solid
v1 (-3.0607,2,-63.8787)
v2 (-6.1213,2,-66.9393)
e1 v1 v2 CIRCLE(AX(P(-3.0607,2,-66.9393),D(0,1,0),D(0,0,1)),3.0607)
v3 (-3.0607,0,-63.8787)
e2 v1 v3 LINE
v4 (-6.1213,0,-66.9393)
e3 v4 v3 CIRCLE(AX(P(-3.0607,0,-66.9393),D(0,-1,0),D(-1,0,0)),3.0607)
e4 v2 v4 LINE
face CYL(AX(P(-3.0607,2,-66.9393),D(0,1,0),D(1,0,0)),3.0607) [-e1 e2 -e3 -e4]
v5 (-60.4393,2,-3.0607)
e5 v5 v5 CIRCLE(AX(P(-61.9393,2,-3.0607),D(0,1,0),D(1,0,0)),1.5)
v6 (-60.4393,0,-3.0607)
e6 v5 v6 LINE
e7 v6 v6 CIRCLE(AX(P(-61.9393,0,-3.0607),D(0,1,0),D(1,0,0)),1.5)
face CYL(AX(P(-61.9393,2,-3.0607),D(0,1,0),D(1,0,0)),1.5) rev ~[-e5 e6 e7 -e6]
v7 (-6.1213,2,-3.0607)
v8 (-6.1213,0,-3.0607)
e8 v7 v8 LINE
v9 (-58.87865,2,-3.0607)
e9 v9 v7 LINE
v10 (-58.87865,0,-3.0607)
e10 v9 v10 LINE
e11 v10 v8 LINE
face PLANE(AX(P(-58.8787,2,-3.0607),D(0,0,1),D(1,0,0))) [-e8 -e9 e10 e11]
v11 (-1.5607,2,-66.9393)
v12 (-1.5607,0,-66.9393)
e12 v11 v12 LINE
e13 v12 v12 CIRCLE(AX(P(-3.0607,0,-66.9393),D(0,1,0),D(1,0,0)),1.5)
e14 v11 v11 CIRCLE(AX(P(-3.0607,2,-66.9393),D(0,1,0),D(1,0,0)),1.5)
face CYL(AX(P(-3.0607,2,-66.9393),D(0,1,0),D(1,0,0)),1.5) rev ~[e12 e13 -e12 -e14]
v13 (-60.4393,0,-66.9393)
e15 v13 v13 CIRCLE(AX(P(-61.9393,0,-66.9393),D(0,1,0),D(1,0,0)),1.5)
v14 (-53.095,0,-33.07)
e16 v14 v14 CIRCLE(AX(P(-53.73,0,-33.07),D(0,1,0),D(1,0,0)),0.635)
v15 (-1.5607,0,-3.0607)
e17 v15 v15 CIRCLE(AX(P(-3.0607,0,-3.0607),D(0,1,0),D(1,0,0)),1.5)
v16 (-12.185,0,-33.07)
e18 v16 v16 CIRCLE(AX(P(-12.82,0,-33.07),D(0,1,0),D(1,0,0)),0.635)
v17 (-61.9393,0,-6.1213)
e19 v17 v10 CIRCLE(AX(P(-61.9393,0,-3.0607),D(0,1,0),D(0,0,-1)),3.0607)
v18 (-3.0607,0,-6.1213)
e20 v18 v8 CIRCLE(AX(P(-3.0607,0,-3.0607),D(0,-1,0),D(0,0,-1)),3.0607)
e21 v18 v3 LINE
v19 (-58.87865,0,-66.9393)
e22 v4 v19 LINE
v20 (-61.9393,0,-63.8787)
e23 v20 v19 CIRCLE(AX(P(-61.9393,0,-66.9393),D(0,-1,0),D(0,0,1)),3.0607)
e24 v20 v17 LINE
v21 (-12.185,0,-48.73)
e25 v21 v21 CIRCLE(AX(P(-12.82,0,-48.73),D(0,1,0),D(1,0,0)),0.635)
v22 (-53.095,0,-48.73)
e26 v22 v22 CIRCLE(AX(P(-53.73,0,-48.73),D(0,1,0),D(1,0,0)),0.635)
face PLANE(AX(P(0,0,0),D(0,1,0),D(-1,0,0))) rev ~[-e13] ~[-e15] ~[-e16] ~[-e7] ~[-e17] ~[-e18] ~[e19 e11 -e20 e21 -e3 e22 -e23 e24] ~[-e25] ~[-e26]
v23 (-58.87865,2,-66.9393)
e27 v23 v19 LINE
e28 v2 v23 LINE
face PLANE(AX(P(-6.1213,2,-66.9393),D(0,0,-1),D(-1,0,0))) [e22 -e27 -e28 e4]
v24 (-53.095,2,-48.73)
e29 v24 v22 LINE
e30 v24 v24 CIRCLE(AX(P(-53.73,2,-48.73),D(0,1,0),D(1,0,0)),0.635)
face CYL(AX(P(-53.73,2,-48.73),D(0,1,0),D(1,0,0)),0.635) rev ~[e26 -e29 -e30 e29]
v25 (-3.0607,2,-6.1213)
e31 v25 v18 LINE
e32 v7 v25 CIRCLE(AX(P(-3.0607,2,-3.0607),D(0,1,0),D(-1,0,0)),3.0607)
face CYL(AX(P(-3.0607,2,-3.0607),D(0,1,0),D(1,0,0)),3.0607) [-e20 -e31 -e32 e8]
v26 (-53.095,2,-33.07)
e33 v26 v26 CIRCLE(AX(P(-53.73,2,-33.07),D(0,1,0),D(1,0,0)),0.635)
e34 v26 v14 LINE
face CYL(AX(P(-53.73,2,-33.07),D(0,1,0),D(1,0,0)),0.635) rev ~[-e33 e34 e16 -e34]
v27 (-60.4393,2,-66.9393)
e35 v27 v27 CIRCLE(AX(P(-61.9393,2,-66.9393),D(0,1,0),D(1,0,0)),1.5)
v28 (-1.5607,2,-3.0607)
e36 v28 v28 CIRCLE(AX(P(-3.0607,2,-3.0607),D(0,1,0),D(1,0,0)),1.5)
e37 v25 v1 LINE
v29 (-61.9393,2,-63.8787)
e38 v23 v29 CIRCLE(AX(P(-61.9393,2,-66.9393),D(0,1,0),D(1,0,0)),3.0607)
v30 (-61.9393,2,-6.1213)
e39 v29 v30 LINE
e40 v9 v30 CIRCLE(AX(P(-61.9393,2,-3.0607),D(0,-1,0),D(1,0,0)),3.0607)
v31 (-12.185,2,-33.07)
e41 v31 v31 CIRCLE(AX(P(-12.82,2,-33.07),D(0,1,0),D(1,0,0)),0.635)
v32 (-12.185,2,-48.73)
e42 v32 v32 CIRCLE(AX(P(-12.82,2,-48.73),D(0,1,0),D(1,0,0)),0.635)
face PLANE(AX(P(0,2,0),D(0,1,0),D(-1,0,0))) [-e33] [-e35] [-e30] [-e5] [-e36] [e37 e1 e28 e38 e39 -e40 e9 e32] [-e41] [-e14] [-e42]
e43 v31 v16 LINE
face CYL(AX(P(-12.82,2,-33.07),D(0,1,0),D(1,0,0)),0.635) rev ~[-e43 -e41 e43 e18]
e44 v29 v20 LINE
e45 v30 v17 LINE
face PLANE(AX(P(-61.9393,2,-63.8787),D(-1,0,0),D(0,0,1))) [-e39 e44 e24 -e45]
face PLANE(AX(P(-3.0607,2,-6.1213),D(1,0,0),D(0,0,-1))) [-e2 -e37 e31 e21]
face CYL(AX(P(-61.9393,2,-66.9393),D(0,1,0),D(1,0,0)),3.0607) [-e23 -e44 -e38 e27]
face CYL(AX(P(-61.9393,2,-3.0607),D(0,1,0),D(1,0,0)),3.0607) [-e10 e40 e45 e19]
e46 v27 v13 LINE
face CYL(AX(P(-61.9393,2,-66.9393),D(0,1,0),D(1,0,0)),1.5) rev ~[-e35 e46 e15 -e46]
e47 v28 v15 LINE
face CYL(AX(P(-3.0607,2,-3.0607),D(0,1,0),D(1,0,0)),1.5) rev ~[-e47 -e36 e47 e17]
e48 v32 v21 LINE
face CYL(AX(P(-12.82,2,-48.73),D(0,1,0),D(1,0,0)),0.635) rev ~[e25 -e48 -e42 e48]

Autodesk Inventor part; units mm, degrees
ref_plane "YZ Plane" through (0, 0, 0) normal (1, 0, 0) x (0, 1, 0)
ref_plane "XZ Plane" through (0, 0, 0) normal (0, 1, 0) x (-1, 0, 0)
ref_plane "XY Plane" through (0, 0, 0) normal (0, 0, 1) x (1, 0, 0)
sketch "Sketch1" plane through (0, 0, 0) normal (0, 1, 0) x (-1, 0, 0)
  line L0 (0, 0) -> (65, 0)
  line L1 (65, 0) -> (65, -70)
  line L2 (65, -70) -> (0, -70)
  line L3 (0, -70) -> (0, 0)
  dimension "d0" = 65
  dimension "d1" = 70
extrude "Extrusion1" add sketch "Sketch1" along normal blind 2
sketch "Sketch2" plane through (0, 2, 0) normal (0, 1, 0) x (1, 0, 0)
  line L0 (0, 70) -> (-65, 70) projected
  line L1 (-32.5, 69) -> (-10.5, 69)
  line L2 (-32.5, 69) -> (-54.5, 69)
  line L3 (-10.5, 69) -> (-10.5, 55)
  line L4 (-10.5, 55) -> (-54.5, 55)
  line L5 (-54.5, 55) -> (-54.5, 69)
  line L6 (-65, 0) -> (0, 0) projected
  line L7 (-32.4987, 3) -> (-20.9987, 3)
  line L8 (-32.4987, 3) -> (-43.9987, 3)
  line L9 (-11.55, 31.8) -> (-55, 31.8)
  line L10 (-11.55, 31.8) -> (-11.55, 50)
  line L11 (-55, 31.8) -> (-55, 50)
  line L12 (-55, 50) -> (-11.55, 50)
  line L13 (-20.9987, 3) -> (-20.9987, 19)
  line L14 (-20.9987, 19) -> (-43.9987, 19)
  line L15 (-43.9987, 19) -> (-43.9987, 3)
  line L16 (-20.9987, 19) -> (-20.9987, 16.39)
  line L17 (-20.9987, 19) -> (-20.9987, 16.08)
  line L18 (-55, 50) -> (-53.73, 50)
  circle A0 centre (-53.73, 48.73) radius 0.635
  circle A1 centre (-53.73, 33.07) radius 0.635
  circle A2 centre (-12.82, 48.73) radius 0.635
  circle A3 centre (-12.82, 33.07) radius 0.635
  point P0 (-2, 70)
  point P1 (-63, 70)
  point P2 (-63, 0)
  point P3 (-2, 0)
  dimension "d20" = 18.2
  dimension "d27" = 23
  dimension "d54" = 1.27
  dimension "d56" = 1.27
  dimension "d58" = 1.27
  dimension "d60" = 43.45
  dimension "d63" = 1.27
  dimension "d64" = 1.27
extrude "Extrusion2" cut sketch "Sketch2" against normal blind 2 contours A0 | A1 | A2 | A3
sketch "Sketch4" plane through (0, 2, 0) normal (0, 1, 0) x (1, 0, 0)
  arc A0 (-63, 70) -> (-65, 68) centre (-63, 68) ccw projected
  line L0 (-63, 68) -> (-61.5, 68) construction
  circle A1 centre (-61.9393, 66.9393) radius 1.5
  arc A2 (0, 68) -> (-2, 70) centre (-2, 68) ccw projected
  arc A3 (-65, 2) -> (-63, 0) centre (-63, 2) ccw projected
  arc A4 (-2, 0) -> (0, 2) centre (-2, 2) ccw projected
  line L1 (-2, 68) -> (-0.5, 68) construction
  circle A5 centre (-3.0607, 66.9393) radius 1.5
  line L2 (-63, 2) -> (-61.5, 2) construction
  circle A6 centre (-61.9393, 3.0607) radius 1.5
  arc A7 (-2, 0) -> (0, 2) centre (-2, 2) ccw projected
  line L3 (-2, 2) -> (-0.5, 2) construction
  circle A8 centre (-3.0607, 3.0607) radius 1.5
  point P0 (0, 0)
  dimension "d69" = 3
  dimension "d72" = 3
  dimension "d75" = 3
  dimension "d78" = 3
extrude "Extrusion3" cut sketch "Sketch4" against normal blind 2
sketch "Sketch5" plane through (0, 2, 0) normal (0, 1, 0) x (1, 0, 0)
  circle A0 centre (-3.0607, 3.0607) radius 1.5 projected
  circle A1 centre (-3.0607, 66.9393) radius 1.5 projected
  circle A2 centre (-61.9393, 3.0607) radius 1.5 projected
  circle A3 centre (-61.9393, 66.9393) radius 1.5 projected
  circle A4 centre (-12.82, 48.73) radius 0.635 projected
  circle A5 centre (-53.73, 33.07) radius 0.635 projected
  circle A6 centre (-12.82, 33.07) radius 0.635 projected
  circle A7 centre (-53.73, 48.73) radius 0.635 projected
  line L0 (-65, 70) -> (-65, 0) projected
  line L1 (-65, 0) -> (0, 0) projected
  line L2 (0, 0) -> (0, 70) projected
  line L3 (0, 70) -> (-65, 70) projected
  circle A8 centre (-61.9393, 3.0607) radius 1.5 projected
  circle A9 centre (-3.0607, 66.9393) radius 1.5 projected
  line L4 (-61.9393, 3.0607) -> (-3.0607, 3.0607)
  line L5 (-3.0607, 3.0607) -> (-3.0607, 66.9393)
  line L6 (-3.0607, 66.9393) -> (-61.9393, 66.9393)
  line L7 (-61.9393, 66.9393) -> (-61.9393, 3.0607)
  circle A10 centre (-61.9393, 3.0607) radius 3.0607
  line L8 (-65, 0) -> (0, 0) projected
  circle A11 centre (-61.9393, 66.9393) radius 1.5 projected
  circle A12 centre (-61.9393, 66.9393) radius 3.0607
  line L9 (0, 70) -> (-65, 70) projected
  circle A13 centre (-3.0607, 66.9393) radius 1.5 projected
  circle A14 centre (-3.0607, 66.9393) radius 3.0607
  circle A15 centre (-3.0607, 3.0607) radius 1.5 projected
  circle A16 centre (-3.0607, 3.0607) radius 3.0607
  line L10 (0, 0) -> (0, 70) projected
  line L11 (0, 3.0607) -> (0, 0)
  line L12 (0, 0) -> (-3.0607, 0)
  line L13 (0, 66.9393) -> (0, 70)
  line L14 (0, 70) -> (-3.0607, 70)
  line L15 (-65, 70) -> (-65, 0) projected
  line L16 (-61.9393, 70) -> (-65, 70)
  line L17 (-65, 70) -> (-65, 66.9393)
  line L18 (-65, 3.0607) -> (-65, 0)
  line L19 (-65, 0) -> (-61.9393, 0)
  point P0 (-3.0607, 0)
extrude "Extrusion4" cut sketch "Sketch5" against normal blind 2 contours L2 L1 A16 | A14 L3 L2 | L1 L0 A10 | A12 L0 L3
sketch "Sketch6" plane through (0, 2, 0) normal (0, 1, 0) x (1, 0, 0)
  arc A0 (0, 66.9393) -> (-3.0607, 70) centre (-3.0607, 66.9393) ccw projected
  line L0 (-3.0607, 70) -> (-61.9393, 70) projected
  arc A1 (-61.9393, 70) -> (-65, 66.9393) centre (-61.9393, 66.9393) ccw projected
  line L1 (-65, 66.9393) -> (-65, 3.0607) projected
  arc A2 (-65, 3.0607) -> (-61.9393, 0) centre (-61.9393, 3.0607) ccw projected
  line L2 (-61.9393, 0) -> (-3.0607, 0) projected
  arc A3 (-3.0607, 0) -> (0, 3.0607) centre (-3.0607, 3.0607) ccw projected
  line L3 (0, 3.0607) -> (0, 66.9393) projected
  circle A4 centre (-3.0607, 3.0607) radius 1.5 projected
  circle A5 centre (-3.0607, 66.9393) radius 1.5 projected
  circle A6 centre (-61.9393, 3.0607) radius 1.5 projected
  circle A7 centre (-61.9393, 66.9393) radius 1.5 projected
  circle A8 centre (-12.82, 48.73) radius 0.635 projected
  circle A9 centre (-53.73, 33.07) radius 0.635 projected
  circle A10 centre (-12.82, 33.07) radius 0.635 projected
  circle A11 centre (-53.73, 48.73) radius 0.635 projected
  circle A12 centre (-3.0607, 66.9393) radius 3.0607
  circle A13 centre (-3.0607, 3.0607) radius 1.5 projected
  circle A14 centre (-3.0607, 3.0607) radius 3.0607
  circle A15 centre (-61.9393, 3.0607) radius 1.5 projected
  circle A16 centre (-61.9393, 3.0607) radius 3.0607
  circle A17 centre (-61.9393, 66.9393) radius 1.5 projected
  circle A18 centre (-61.9393, 66.9393) radius 3.0607
  line L4 (-58.8787, 3.0607) -> (-6.1213, 3.0607)
  line L5 (-3.0607, 6.1213) -> (-3.0607, 63.8787)
  line L6 (-6.1213, 66.9393) -> (-58.8787, 66.9393)
  line L7 (-61.9393, 63.8787) -> (-61.9393, 6.1213)
  arc A19 (-65, 3.0607) -> (-61.9393, 0) centre (-61.9393, 3.0607) ccw projected
  line L8 (-61.9393, 0) -> (-3.0607, 0)
  line L9 (-61.9393, 0) -> (-3.0607, 0) projected
  line L10 (-65, 3.0607) -> (-65, 66.9393)
  line L11 (-3.0607, 70) -> (-61.9393, 70) projected
  line L12 (-61.9393, 70) -> (-3.0607, 70)
  arc A20 (0, 66.9393) -> (-3.0607, 70) centre (-3.0607, 66.9393) ccw projected
  line L13 (0, 3.0607) -> (0, 66.9393) projected
  line L14 (0, 3.0607) -> (0, 66.9393)
  point P0 (0, 0)
  point P1 (-65, 3.0607)
  point P2 (-3.0607, 0)
extrude "Extrusion5" cut sketch "Sketch6" against normal blind 2 contours L3 A14 L5 A12 | A12 L6 A18 L0 | L2 A16 L4 A14 | A18 L7 A16 L1
properties part number "base" material "Steel, Mild, Welded"
